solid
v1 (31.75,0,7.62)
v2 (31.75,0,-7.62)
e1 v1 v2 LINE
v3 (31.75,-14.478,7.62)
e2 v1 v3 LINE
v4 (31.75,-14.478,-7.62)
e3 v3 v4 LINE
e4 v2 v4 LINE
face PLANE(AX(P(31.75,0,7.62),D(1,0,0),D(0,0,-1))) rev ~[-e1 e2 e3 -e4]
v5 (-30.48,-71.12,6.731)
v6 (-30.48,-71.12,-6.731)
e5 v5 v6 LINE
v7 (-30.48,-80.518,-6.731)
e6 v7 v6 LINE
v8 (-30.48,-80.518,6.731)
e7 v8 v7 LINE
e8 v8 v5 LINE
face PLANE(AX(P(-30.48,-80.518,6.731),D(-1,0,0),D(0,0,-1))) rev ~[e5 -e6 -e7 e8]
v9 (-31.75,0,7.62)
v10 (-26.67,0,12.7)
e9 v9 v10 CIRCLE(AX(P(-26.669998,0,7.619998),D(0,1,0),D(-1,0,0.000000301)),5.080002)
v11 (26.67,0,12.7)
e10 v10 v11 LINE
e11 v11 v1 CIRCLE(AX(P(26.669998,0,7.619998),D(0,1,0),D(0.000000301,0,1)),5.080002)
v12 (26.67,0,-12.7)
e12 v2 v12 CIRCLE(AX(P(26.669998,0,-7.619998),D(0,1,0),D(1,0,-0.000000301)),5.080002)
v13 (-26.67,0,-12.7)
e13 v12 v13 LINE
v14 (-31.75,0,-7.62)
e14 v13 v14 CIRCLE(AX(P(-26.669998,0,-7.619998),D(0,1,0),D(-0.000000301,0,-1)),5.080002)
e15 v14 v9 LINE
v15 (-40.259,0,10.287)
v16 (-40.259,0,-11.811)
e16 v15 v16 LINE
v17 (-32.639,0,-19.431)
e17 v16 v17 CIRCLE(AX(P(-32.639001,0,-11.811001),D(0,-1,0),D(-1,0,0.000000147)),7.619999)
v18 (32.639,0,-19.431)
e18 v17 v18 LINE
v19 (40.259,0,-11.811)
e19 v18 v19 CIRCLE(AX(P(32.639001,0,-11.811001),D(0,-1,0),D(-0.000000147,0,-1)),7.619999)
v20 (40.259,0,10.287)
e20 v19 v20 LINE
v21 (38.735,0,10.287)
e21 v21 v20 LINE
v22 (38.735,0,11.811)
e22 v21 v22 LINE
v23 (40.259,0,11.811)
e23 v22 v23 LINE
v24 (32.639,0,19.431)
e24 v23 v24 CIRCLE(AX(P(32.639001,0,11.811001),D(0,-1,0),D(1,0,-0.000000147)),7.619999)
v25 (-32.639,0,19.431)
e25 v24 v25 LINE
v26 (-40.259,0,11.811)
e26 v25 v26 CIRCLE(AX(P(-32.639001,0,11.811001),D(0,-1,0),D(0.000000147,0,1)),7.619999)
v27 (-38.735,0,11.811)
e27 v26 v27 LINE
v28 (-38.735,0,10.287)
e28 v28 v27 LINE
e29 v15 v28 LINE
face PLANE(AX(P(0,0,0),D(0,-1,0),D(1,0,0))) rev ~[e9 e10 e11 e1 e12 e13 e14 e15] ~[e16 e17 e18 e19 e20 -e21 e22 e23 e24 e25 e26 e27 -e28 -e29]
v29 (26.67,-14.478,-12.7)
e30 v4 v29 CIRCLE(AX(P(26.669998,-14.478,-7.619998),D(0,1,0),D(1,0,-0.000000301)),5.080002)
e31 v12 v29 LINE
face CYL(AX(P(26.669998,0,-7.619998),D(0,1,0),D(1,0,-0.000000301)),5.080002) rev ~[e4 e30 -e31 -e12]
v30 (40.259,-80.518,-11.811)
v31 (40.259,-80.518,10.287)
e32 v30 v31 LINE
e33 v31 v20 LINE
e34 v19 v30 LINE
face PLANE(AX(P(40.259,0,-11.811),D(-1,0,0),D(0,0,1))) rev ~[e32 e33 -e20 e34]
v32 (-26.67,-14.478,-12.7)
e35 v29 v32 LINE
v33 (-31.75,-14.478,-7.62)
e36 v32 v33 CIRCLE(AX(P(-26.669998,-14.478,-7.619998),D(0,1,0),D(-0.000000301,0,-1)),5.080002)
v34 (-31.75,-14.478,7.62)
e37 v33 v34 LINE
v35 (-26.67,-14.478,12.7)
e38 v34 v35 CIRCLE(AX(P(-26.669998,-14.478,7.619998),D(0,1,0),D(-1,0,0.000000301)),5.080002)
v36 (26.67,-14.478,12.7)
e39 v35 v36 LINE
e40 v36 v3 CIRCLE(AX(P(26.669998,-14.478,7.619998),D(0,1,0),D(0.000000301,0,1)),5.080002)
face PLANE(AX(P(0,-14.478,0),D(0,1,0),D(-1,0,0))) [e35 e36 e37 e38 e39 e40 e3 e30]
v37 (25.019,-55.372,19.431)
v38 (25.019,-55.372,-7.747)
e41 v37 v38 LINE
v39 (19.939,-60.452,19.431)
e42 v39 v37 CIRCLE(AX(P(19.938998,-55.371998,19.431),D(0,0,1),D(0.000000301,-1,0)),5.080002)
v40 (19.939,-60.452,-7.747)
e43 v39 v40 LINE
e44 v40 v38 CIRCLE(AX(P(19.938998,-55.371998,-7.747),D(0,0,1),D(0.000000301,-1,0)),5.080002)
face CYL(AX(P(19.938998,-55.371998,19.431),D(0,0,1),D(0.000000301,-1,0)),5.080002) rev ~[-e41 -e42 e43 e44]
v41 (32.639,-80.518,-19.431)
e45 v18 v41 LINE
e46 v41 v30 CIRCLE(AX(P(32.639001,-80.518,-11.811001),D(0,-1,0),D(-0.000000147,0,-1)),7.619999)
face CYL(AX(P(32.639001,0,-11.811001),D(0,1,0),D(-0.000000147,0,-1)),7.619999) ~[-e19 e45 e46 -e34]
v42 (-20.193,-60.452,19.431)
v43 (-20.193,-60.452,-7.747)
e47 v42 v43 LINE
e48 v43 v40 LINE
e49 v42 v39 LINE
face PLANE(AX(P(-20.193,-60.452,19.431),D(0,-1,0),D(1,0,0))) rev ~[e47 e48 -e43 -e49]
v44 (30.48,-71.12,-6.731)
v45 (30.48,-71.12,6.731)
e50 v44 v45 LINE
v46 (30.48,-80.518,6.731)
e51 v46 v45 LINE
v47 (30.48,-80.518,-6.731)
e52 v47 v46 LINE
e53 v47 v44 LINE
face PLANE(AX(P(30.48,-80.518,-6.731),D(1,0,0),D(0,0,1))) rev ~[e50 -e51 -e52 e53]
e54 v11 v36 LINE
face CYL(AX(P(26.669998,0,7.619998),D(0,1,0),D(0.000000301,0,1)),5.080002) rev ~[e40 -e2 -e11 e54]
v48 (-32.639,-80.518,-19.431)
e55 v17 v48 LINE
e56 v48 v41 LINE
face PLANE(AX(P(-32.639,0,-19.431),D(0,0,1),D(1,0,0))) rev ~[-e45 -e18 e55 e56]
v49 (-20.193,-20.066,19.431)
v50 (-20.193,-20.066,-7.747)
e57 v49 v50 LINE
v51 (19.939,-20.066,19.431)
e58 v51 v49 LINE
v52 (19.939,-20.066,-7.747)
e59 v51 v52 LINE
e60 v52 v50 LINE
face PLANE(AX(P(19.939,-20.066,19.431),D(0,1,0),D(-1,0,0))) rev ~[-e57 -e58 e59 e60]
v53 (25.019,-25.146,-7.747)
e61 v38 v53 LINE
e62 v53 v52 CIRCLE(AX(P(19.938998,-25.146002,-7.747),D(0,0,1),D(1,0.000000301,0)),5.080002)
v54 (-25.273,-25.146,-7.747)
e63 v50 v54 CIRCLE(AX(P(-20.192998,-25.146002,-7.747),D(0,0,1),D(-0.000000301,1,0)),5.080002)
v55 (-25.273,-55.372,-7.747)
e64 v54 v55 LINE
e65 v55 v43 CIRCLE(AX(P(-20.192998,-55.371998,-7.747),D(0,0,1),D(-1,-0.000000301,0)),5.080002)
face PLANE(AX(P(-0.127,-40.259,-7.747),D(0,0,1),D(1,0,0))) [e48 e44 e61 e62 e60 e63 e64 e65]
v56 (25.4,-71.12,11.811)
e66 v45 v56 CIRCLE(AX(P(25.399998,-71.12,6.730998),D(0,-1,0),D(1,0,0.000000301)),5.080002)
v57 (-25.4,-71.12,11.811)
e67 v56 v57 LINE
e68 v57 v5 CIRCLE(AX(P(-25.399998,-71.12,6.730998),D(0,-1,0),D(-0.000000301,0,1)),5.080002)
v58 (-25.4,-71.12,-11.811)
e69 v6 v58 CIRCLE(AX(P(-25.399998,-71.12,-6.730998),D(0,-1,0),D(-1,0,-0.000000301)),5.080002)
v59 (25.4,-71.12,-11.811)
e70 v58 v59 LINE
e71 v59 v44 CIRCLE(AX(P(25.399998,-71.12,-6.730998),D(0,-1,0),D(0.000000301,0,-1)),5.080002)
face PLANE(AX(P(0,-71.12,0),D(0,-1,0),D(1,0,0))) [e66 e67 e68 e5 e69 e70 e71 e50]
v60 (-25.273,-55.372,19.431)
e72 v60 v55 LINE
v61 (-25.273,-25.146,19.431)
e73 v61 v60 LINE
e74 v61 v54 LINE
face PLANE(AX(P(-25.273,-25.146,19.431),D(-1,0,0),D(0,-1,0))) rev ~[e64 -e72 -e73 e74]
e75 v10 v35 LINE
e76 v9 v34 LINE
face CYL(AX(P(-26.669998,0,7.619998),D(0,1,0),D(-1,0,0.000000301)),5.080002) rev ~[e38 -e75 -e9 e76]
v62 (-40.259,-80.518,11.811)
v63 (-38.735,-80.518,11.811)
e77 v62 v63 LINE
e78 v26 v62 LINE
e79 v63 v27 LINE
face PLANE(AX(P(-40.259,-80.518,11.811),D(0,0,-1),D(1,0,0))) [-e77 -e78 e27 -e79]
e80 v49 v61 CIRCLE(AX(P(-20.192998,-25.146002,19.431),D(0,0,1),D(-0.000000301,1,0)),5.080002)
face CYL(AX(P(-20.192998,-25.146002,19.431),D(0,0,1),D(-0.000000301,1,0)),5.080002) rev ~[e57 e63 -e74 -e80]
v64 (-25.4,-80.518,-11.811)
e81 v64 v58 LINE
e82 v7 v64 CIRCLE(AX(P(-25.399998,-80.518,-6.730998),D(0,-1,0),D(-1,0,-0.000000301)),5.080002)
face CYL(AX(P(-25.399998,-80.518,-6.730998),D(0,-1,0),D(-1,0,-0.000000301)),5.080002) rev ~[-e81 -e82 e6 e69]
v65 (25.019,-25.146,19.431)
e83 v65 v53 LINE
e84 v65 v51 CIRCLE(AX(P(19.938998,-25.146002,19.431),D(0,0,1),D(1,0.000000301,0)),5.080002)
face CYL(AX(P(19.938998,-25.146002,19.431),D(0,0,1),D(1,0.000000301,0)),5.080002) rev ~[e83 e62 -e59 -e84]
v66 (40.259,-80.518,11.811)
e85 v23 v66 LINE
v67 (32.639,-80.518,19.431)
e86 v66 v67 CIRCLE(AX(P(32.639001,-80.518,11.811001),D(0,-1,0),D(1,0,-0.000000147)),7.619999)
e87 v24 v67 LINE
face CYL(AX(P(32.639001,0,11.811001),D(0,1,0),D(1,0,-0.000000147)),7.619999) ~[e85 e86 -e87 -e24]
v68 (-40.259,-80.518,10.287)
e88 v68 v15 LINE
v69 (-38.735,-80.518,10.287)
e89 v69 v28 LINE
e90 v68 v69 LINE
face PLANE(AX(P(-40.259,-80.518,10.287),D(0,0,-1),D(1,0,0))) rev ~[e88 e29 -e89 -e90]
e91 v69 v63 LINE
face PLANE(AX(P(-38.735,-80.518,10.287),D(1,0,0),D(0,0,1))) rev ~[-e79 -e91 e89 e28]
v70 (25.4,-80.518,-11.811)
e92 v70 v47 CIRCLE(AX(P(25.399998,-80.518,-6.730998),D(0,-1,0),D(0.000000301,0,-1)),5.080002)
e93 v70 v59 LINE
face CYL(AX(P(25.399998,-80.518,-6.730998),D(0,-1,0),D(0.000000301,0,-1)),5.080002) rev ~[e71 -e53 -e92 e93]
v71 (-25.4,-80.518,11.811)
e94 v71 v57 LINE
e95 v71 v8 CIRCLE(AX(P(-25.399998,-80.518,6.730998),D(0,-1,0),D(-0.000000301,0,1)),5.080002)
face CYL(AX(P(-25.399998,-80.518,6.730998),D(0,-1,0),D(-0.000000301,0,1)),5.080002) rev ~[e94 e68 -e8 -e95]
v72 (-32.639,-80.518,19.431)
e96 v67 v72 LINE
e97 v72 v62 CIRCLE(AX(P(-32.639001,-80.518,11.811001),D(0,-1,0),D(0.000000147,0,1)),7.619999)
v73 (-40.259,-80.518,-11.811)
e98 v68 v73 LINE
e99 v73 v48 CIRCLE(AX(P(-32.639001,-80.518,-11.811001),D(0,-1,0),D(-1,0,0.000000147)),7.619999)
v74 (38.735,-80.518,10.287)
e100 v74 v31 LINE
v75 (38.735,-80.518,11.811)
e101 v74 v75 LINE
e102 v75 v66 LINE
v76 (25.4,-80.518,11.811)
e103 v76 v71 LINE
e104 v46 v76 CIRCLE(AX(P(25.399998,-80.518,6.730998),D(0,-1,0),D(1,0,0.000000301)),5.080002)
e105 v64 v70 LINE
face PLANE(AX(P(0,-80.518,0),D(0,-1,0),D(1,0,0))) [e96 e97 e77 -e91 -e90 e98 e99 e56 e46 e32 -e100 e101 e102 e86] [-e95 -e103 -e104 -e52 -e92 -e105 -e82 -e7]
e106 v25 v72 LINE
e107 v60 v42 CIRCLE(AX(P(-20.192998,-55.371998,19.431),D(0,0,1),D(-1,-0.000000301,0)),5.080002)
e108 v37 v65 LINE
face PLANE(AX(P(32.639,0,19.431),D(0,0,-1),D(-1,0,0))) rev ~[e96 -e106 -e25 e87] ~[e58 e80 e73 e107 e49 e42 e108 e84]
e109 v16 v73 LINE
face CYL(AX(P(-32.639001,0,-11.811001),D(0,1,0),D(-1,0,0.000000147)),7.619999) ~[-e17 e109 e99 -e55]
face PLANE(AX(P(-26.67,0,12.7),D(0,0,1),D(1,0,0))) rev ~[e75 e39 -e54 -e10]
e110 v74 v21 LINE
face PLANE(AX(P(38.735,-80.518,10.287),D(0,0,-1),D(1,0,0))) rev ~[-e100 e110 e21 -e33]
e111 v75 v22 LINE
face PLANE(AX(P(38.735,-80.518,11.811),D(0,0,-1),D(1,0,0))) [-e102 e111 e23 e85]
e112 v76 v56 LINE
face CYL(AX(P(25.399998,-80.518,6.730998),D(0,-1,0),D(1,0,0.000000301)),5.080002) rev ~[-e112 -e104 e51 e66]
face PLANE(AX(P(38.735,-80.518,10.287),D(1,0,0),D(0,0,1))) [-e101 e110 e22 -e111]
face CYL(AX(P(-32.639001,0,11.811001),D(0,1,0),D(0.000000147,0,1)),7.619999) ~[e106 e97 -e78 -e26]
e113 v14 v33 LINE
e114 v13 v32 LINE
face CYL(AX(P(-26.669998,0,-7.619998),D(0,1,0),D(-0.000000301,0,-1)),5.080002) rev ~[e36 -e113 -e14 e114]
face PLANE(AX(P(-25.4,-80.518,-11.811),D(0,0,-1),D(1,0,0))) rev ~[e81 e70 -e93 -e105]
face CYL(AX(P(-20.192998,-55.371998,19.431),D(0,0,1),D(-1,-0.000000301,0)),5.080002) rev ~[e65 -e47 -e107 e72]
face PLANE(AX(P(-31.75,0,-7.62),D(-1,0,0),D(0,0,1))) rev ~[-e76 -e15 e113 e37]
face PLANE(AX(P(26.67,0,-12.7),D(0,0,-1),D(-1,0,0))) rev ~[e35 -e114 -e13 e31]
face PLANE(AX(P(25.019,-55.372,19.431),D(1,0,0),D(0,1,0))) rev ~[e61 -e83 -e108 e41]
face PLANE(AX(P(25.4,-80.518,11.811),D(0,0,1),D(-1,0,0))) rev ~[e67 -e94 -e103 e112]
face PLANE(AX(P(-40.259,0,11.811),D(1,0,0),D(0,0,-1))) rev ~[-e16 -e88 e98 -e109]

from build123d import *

# Parameters (mm, degrees)
F1_DEPTH = 80.518
F3_DEPTH = 9.398
F4_W     = 1.524
F4_H     = 1.524
F5_DEPTH = 80.519
F7_DEPTH = 27.178
F9_DEPTH = 14.478


with BuildPart() as f1:
    # F0 (on Front) → F1 (new body)
    with BuildSketch(Plane.XZ):
        with BuildLine():
            ThreePointArc((40.259, 11.811), (38.027154, 17.199154), (32.639, 19.431))
            Line((32.639, 19.431), (-32.639, 19.431))
            ThreePointArc((-32.639, 19.431), (-38.027154, 17.199154), (-40.259, 11.811))
            Line((-40.259, 11.811), (-40.259, -11.811))
            ThreePointArc((-40.259, -11.811), (-38.027154, -17.199154), (-32.639, -19.431))
            Line((-32.639, -19.431), (32.639, -19.431))
            ThreePointArc((32.639, -19.431), (38.027154, -17.199154), (40.259, -11.811))
            Line((40.259, -11.811), (40.259, 11.811))
        make_face()
    extrude(amount=F1_DEPTH)

    # F2 (on face) → F3 (cut)
    with BuildSketch(Plane.XZ.offset(80.518)):
        with BuildLine():
            ThreePointArc((30.48, 6.731), (28.992102, 10.323102), (25.4, 11.811))
            Line((25.4, 11.811), (-25.4, 11.811))
            ThreePointArc((-25.4, 11.811), (-28.992102, 10.323102), (-30.48, 6.731))
            Line((-30.48, 6.731), (-30.48, -6.731))
            ThreePointArc((-30.48, -6.731), (-28.992102, -10.323102), (-25.4, -11.811))
            Line((-25.4, -11.811), (25.4, -11.811))
            ThreePointArc((25.4, -11.811), (28.992102, -10.323102), (30.48, -6.731))
            Line((30.48, -6.731), (30.48, 6.731))
        make_face()
    extrude(amount=-F3_DEPTH, mode=Mode.SUBTRACT)

    # F4 (on face) → F5 (cut, through all)
    with BuildSketch(Plane.XZ.offset(80.518)):
        with Locations((-39.497, 11.049)):
            Rectangle(F4_W, F4_H)
        with Locations((39.497, 11.049)):
            Rectangle(F4_W, F4_H)
    extrude(amount=-F5_DEPTH, mode=Mode.SUBTRACT)

    # F6 (on face) → F7 (cut)
    with BuildSketch(Plane.XY.offset(19.431)):
        with BuildLine():
            Line((19.939, -20.066), (-20.193, -20.066))
            ThreePointArc((-20.193, -20.066), (-23.785102, -21.553898), (-25.273, -25.146))
            Line((-25.273, -25.146), (-25.273, -55.372))
            ThreePointArc((-25.273, -55.372), (-23.785102, -58.964102), (-20.193, -60.452))
            Line((-20.193, -60.452), (19.939, -60.452))
            ThreePointArc((19.939, -60.452), (23.531102, -58.964102), (25.019, -55.372))
            Line((25.019, -55.372), (25.019, -25.146))
            ThreePointArc((25.019, -25.146), (23.531102, -21.553898), (19.939, -20.066))
        make_face()
    extrude(amount=-F7_DEPTH, mode=Mode.SUBTRACT)

    # F8 (on face) → F9 (cut)
    with BuildSketch(Plane(origin=(0, 0, 0), x_dir=(-1, 0, 0), z_dir=(0, 1, 0))):
        with BuildLine():
            ThreePointArc((31.75, 7.62), (30.262102, 11.212102), (26.67, 12.7))
            Line((26.67, 12.7), (-26.67, 12.7))
            ThreePointArc((-26.67, 12.7), (-30.262102, 11.212102), (-31.75, 7.62))
            Line((-31.75, 7.62), (-31.75, -7.62))
            ThreePointArc((-31.75, -7.62), (-30.262102, -11.212102), (-26.67, -12.7))
            Line((-26.67, -12.7), (26.67, -12.7))
            ThreePointArc((26.67, -12.7), (30.262102, -11.212102), (31.75, -7.62))
            Line((31.75, -7.62), (31.75, 7.62))
        make_face()
    extrude(amount=-F9_DEPTH, mode=Mode.SUBTRACT)


solid = f1.part
